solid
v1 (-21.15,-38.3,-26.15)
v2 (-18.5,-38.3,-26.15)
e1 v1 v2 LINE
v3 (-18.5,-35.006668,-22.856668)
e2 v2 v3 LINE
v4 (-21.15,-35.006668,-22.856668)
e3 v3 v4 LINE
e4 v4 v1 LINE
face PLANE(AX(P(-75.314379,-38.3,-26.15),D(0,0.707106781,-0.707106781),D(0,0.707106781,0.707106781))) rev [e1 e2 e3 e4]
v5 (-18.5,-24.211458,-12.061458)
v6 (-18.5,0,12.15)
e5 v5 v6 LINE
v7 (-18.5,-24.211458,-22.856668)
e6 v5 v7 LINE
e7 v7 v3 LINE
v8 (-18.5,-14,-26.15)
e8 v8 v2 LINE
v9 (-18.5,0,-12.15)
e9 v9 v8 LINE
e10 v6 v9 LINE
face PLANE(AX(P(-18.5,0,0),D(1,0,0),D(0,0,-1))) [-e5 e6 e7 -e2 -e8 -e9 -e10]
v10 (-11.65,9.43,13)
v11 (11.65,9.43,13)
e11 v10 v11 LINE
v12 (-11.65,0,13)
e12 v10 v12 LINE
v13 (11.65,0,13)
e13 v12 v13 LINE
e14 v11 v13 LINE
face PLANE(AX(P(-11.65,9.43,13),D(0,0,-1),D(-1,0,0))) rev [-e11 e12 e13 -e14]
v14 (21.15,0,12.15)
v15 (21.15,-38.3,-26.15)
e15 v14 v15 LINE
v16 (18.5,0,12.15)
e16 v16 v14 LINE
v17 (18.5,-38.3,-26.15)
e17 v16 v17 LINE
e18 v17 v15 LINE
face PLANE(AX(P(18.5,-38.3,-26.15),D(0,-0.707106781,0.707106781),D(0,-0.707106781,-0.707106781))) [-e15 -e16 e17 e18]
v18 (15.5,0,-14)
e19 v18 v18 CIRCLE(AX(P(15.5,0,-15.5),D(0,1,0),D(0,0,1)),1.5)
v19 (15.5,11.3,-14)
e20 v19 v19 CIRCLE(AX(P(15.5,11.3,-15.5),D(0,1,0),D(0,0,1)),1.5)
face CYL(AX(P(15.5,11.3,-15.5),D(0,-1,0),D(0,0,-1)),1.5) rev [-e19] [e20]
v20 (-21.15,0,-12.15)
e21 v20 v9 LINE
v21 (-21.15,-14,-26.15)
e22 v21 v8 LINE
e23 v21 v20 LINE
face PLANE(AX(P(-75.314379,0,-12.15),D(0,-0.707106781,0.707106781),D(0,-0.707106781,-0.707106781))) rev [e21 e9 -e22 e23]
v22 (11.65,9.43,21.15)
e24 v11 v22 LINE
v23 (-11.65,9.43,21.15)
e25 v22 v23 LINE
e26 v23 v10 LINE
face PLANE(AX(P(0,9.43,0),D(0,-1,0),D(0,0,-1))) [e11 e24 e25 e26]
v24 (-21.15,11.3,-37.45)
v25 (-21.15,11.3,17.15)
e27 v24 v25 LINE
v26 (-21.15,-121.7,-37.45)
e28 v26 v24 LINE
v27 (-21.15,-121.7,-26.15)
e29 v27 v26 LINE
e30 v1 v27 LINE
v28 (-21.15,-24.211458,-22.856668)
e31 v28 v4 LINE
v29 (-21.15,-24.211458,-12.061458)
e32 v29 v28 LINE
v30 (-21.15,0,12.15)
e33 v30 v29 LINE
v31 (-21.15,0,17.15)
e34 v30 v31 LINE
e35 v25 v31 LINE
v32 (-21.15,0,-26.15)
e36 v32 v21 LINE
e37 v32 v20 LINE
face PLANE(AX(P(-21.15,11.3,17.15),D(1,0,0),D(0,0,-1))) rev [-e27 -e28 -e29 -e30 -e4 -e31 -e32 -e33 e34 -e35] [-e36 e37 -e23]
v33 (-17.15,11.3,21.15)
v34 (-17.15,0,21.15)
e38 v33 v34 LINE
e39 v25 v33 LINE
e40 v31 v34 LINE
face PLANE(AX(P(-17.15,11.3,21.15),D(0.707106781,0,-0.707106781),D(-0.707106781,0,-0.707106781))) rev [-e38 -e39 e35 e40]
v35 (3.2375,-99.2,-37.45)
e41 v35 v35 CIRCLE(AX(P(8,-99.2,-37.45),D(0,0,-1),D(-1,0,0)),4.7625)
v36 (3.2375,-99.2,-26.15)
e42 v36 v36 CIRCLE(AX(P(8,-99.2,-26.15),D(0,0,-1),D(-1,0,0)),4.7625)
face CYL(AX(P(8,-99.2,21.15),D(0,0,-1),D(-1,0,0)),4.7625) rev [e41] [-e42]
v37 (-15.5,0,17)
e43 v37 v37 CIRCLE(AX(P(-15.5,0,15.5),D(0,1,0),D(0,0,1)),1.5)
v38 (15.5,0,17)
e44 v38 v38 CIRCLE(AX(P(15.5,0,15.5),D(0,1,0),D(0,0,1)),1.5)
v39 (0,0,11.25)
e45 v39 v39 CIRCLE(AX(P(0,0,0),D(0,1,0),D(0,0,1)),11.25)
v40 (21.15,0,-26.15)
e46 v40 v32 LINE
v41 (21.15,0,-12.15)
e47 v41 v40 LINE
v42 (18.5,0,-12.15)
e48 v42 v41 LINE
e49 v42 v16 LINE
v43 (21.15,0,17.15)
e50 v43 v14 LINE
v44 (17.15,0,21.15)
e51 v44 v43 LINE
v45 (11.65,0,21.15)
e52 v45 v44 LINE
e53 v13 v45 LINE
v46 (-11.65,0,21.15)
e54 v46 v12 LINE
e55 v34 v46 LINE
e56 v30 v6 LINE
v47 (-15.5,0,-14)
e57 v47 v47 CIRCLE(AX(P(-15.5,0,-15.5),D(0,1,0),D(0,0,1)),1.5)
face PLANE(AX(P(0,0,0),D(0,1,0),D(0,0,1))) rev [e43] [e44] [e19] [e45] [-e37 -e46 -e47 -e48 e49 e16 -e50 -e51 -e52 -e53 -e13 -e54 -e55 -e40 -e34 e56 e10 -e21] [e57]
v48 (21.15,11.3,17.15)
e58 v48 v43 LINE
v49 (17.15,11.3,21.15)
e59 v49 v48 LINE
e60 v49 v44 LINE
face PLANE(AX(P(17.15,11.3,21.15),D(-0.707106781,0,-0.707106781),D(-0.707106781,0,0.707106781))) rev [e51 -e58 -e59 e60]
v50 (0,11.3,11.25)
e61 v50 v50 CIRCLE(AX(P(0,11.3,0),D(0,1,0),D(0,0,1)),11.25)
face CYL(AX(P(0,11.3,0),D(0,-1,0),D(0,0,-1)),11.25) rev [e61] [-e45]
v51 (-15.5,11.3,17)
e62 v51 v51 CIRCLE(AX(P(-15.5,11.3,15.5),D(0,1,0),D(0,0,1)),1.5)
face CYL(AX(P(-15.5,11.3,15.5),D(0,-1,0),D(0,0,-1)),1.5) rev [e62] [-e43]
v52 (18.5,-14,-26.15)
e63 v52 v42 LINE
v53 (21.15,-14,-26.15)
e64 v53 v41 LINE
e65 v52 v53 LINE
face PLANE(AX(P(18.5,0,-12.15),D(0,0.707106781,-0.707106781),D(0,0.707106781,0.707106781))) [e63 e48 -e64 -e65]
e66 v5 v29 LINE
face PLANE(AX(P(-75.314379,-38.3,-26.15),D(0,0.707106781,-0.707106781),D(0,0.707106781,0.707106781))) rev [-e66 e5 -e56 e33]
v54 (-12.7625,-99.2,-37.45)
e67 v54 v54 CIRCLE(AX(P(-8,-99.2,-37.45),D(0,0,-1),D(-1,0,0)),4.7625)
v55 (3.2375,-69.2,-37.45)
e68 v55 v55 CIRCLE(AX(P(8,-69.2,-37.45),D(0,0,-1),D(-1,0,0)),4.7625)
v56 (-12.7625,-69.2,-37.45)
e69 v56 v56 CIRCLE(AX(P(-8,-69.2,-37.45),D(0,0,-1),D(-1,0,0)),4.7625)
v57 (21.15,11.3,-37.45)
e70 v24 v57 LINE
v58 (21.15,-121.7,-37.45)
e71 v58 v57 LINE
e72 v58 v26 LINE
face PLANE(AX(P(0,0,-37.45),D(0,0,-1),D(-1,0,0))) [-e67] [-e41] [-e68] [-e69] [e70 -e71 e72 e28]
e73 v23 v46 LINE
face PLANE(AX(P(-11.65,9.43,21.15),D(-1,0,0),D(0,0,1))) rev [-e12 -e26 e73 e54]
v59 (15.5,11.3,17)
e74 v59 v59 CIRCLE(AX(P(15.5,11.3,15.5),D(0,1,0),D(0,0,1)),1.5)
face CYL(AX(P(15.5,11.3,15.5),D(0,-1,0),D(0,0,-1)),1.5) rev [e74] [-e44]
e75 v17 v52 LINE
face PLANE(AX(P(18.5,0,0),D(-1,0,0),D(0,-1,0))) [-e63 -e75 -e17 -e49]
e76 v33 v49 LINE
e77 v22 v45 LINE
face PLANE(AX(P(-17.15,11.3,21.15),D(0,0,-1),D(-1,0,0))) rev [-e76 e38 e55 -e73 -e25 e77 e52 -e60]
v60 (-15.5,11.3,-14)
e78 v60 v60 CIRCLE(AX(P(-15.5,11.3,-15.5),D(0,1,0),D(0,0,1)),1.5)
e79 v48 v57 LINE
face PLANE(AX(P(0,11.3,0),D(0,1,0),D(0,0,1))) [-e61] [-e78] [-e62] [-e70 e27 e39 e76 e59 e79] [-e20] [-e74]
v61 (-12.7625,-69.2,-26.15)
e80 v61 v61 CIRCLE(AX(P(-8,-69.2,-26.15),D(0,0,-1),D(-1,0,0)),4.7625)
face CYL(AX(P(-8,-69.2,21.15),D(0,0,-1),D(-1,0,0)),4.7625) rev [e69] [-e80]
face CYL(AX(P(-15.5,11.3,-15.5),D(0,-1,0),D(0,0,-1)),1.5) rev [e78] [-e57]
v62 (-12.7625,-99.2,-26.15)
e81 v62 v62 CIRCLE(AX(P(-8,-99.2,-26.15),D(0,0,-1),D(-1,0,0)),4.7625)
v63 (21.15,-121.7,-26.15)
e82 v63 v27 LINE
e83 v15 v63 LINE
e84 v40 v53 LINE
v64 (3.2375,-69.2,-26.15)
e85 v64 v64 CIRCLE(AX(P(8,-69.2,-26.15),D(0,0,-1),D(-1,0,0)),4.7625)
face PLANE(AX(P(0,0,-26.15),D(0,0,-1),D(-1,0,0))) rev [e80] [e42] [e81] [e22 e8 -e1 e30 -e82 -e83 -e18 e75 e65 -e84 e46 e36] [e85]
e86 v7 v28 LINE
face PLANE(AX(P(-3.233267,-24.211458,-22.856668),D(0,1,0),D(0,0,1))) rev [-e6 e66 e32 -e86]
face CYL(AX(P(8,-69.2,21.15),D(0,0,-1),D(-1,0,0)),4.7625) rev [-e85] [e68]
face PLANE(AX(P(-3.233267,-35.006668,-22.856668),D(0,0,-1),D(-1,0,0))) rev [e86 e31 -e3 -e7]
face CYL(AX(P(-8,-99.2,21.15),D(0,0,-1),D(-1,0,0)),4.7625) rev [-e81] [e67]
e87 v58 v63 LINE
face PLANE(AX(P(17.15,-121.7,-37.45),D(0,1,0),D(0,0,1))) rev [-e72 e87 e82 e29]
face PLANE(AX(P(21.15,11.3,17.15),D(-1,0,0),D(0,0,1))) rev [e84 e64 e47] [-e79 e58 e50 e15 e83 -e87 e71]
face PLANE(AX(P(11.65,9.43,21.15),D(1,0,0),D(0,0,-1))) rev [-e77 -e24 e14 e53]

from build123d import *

# Parameters (mm, degrees)
SKETCH1_R           = 11.25
SKETCH1_R_2         = 1.5
BOSS_EXTRUDE1_DEPTH = 11.3
SKETCH4_W           = 34.3
SKETCH4_H           = 11.3
BOSS_EXTRUDE3_DEPTH = 5
BOSS_EXTRUDE4_DEPTH = 11.3
SKETCH6_W           = 34.3
SKETCH6_H           = 133
BOSS_EXTRUDE5_DEPTH = 11.3
BOSS_EXTRUDE6_DEPTH = 133
CUT_EXTRUDE1_DEPTH  = 121.7
BOSS_EXTRUDE8_DEPTH = 2.65
BOSS_EXTRUDE9_DEPTH = 2.65
SKETCH13_R          = 4.7625
CUT_EXTRUDE2_DEPTH  = 137.719320142
SKETCH14_W          = 23.3
SKETCH14_H          = 8.15
CUT_EXTRUDE3_DEPTH  = 9.43
CUT_EXTRUDE4_DEPTH  = 2.65


with BuildPart() as part:
    # Sketch1 → Boss-Extrude1 (new body)
    with BuildSketch(Plane(origin=(0, 0, 0), x_dir=(1, 0, 0), z_dir=(0, 1, 0))):
        Polygon((-21.15, 17.15), (-17.15, 21.15), (17.15, 21.15), (21.15, 17.15), (21.15, -17.15), (17.15, -21.15), (-17.15, -21.15), (-21.15, -17.15), align=None)
        with Locations(Location((0, 0, 0), (0, 0, 270))):
            Circle(SKETCH1_R, mode=Mode.SUBTRACT)
        with Locations(Location((-15.5, 15.5, 0), (0, 0, 270))):
            Circle(SKETCH1_R_2, mode=Mode.SUBTRACT)
        with Locations(Location((15.5, 15.5, 0), (0, 0, 270))):
            Circle(SKETCH1_R_2, mode=Mode.SUBTRACT)
        with Locations(Location((15.5, -15.5, 0), (0, 0, 270))):
            Circle(SKETCH1_R_2, mode=Mode.SUBTRACT)
        with Locations(Location((-15.5, -15.5, 0), (0, 0, 270))):
            Circle(SKETCH1_R_2, mode=Mode.SUBTRACT)
    extrude(amount=BOSS_EXTRUDE1_DEPTH)

    # Sketch4 → Boss-Extrude3 (add)
    with BuildSketch(Plane(origin=(0, 0, -21.15), x_dir=(-1, 0, 0), z_dir=(0, 0, -1))):
        with Locations((0, 5.65)):
            Rectangle(SKETCH4_W, SKETCH4_H)
    extrude(amount=BOSS_EXTRUDE3_DEPTH)

    # Sketch5 → Boss-Extrude4 (add)
    with BuildSketch(Plane(origin=(0, 11.3, 0), x_dir=(1, 0, 0), z_dir=(0, 1, 0))):
        Polygon((21.15, 17.15), (17.15, 26.15), (17.15, 21.15), align=None)
        Polygon((-17.15, 26.15), (-21.15, 17.15), (-17.15, 21.15), align=None)
    extrude(amount=-BOSS_EXTRUDE4_DEPTH)

    # Sketch6 → Boss-Extrude5 (add)
    with BuildSketch(Plane(origin=(0, 0, -26.15), x_dir=(-1, 0, 0), z_dir=(0, 0, -1))):
        with Locations((0, -55.2)):
            Rectangle(SKETCH6_W, SKETCH6_H)
    extrude(amount=BOSS_EXTRUDE5_DEPTH)

    # Sketch9 → Boss-Extrude6 (add)
    with BuildSketch(Plane(origin=(0, 11.3, 0), x_dir=(1, 0, 0), z_dir=(0, 1, 0))):
        Polygon((21.15, 17.15), (21.15, 37.45), (17.15, 37.45), (17.15, 26.15), align=None)
        Polygon((-17.15, 37.45), (-17.15, 26.15), (-21.15, 17.15), (-21.15, 37.45), align=None)
    extrude(amount=-BOSS_EXTRUDE6_DEPTH)

    # Sketch10 → Cut-Extrude1 (cut)
    with BuildSketch(Plane.XZ.offset(121.7)):
        Polygon((-17.15, -26.15), (-21.15, -17.15), (-21.15, -26.15), align=None)
        Polygon((17.15, -26.15), (21.15, -17.15), (21.15, -26.15), align=None)
    extrude(amount=-CUT_EXTRUDE1_DEPTH, mode=Mode.SUBTRACT)

    # Sketch11 → Boss-Extrude8 (add)
    with BuildSketch(Plane.ZY.offset(18.5)):
        Polygon((-26.15, -38.3), (12.15, 0), (-12.15, 0), (-26.15, -14), align=None)
    extrude(amount=BOSS_EXTRUDE8_DEPTH)

    # Sketch12 → Boss-Extrude9 (add)
    with BuildSketch(Plane(origin=(21.15, 0, 0), x_dir=(0, 0, -1), z_dir=(1, 0, 0))):
        Polygon((-12.15, 0), (12.15, 0), (26.15, -14), (26.15, -38.3), align=None)
    extrude(amount=-BOSS_EXTRUDE9_DEPTH)

    # Sketch13 → Cut-Extrude2 (cut, through all)
    with BuildSketch(Plane(origin=(0, 0, -37.45), x_dir=(-1, 0, 0), z_dir=(0, 0, -1))):
        with Locations((8, -69.2)):
            Circle(SKETCH13_R)
        with Locations((-8, -69.2)):
            Circle(SKETCH13_R)
        with Locations((8, -99.2)):
            Circle(SKETCH13_R)
        with Locations((-8, -99.2)):
            Circle(SKETCH13_R)
    extrude(amount=-CUT_EXTRUDE2_DEPTH, mode=Mode.SUBTRACT)

    # Sketch14 → Cut-Extrude3 (cut)
    with BuildSketch(Plane.XZ):
        with Locations((0, 17.075)):
            Rectangle(SKETCH14_W, SKETCH14_H)
    extrude(amount=-CUT_EXTRUDE3_DEPTH, mode=Mode.SUBTRACT)

    # Sketch15 → Cut-Extrude4 (cut)
    with BuildSketch(Plane.ZY.offset(21.15)):
        Polygon((-22.8566684, -35.0066684), (-22.8566684, -24.211458174), (-12.061458174, -24.211458174), align=None)
    extrude(amount=-CUT_EXTRUDE4_DEPTH, mode=Mode.SUBTRACT)


solid = part.part
